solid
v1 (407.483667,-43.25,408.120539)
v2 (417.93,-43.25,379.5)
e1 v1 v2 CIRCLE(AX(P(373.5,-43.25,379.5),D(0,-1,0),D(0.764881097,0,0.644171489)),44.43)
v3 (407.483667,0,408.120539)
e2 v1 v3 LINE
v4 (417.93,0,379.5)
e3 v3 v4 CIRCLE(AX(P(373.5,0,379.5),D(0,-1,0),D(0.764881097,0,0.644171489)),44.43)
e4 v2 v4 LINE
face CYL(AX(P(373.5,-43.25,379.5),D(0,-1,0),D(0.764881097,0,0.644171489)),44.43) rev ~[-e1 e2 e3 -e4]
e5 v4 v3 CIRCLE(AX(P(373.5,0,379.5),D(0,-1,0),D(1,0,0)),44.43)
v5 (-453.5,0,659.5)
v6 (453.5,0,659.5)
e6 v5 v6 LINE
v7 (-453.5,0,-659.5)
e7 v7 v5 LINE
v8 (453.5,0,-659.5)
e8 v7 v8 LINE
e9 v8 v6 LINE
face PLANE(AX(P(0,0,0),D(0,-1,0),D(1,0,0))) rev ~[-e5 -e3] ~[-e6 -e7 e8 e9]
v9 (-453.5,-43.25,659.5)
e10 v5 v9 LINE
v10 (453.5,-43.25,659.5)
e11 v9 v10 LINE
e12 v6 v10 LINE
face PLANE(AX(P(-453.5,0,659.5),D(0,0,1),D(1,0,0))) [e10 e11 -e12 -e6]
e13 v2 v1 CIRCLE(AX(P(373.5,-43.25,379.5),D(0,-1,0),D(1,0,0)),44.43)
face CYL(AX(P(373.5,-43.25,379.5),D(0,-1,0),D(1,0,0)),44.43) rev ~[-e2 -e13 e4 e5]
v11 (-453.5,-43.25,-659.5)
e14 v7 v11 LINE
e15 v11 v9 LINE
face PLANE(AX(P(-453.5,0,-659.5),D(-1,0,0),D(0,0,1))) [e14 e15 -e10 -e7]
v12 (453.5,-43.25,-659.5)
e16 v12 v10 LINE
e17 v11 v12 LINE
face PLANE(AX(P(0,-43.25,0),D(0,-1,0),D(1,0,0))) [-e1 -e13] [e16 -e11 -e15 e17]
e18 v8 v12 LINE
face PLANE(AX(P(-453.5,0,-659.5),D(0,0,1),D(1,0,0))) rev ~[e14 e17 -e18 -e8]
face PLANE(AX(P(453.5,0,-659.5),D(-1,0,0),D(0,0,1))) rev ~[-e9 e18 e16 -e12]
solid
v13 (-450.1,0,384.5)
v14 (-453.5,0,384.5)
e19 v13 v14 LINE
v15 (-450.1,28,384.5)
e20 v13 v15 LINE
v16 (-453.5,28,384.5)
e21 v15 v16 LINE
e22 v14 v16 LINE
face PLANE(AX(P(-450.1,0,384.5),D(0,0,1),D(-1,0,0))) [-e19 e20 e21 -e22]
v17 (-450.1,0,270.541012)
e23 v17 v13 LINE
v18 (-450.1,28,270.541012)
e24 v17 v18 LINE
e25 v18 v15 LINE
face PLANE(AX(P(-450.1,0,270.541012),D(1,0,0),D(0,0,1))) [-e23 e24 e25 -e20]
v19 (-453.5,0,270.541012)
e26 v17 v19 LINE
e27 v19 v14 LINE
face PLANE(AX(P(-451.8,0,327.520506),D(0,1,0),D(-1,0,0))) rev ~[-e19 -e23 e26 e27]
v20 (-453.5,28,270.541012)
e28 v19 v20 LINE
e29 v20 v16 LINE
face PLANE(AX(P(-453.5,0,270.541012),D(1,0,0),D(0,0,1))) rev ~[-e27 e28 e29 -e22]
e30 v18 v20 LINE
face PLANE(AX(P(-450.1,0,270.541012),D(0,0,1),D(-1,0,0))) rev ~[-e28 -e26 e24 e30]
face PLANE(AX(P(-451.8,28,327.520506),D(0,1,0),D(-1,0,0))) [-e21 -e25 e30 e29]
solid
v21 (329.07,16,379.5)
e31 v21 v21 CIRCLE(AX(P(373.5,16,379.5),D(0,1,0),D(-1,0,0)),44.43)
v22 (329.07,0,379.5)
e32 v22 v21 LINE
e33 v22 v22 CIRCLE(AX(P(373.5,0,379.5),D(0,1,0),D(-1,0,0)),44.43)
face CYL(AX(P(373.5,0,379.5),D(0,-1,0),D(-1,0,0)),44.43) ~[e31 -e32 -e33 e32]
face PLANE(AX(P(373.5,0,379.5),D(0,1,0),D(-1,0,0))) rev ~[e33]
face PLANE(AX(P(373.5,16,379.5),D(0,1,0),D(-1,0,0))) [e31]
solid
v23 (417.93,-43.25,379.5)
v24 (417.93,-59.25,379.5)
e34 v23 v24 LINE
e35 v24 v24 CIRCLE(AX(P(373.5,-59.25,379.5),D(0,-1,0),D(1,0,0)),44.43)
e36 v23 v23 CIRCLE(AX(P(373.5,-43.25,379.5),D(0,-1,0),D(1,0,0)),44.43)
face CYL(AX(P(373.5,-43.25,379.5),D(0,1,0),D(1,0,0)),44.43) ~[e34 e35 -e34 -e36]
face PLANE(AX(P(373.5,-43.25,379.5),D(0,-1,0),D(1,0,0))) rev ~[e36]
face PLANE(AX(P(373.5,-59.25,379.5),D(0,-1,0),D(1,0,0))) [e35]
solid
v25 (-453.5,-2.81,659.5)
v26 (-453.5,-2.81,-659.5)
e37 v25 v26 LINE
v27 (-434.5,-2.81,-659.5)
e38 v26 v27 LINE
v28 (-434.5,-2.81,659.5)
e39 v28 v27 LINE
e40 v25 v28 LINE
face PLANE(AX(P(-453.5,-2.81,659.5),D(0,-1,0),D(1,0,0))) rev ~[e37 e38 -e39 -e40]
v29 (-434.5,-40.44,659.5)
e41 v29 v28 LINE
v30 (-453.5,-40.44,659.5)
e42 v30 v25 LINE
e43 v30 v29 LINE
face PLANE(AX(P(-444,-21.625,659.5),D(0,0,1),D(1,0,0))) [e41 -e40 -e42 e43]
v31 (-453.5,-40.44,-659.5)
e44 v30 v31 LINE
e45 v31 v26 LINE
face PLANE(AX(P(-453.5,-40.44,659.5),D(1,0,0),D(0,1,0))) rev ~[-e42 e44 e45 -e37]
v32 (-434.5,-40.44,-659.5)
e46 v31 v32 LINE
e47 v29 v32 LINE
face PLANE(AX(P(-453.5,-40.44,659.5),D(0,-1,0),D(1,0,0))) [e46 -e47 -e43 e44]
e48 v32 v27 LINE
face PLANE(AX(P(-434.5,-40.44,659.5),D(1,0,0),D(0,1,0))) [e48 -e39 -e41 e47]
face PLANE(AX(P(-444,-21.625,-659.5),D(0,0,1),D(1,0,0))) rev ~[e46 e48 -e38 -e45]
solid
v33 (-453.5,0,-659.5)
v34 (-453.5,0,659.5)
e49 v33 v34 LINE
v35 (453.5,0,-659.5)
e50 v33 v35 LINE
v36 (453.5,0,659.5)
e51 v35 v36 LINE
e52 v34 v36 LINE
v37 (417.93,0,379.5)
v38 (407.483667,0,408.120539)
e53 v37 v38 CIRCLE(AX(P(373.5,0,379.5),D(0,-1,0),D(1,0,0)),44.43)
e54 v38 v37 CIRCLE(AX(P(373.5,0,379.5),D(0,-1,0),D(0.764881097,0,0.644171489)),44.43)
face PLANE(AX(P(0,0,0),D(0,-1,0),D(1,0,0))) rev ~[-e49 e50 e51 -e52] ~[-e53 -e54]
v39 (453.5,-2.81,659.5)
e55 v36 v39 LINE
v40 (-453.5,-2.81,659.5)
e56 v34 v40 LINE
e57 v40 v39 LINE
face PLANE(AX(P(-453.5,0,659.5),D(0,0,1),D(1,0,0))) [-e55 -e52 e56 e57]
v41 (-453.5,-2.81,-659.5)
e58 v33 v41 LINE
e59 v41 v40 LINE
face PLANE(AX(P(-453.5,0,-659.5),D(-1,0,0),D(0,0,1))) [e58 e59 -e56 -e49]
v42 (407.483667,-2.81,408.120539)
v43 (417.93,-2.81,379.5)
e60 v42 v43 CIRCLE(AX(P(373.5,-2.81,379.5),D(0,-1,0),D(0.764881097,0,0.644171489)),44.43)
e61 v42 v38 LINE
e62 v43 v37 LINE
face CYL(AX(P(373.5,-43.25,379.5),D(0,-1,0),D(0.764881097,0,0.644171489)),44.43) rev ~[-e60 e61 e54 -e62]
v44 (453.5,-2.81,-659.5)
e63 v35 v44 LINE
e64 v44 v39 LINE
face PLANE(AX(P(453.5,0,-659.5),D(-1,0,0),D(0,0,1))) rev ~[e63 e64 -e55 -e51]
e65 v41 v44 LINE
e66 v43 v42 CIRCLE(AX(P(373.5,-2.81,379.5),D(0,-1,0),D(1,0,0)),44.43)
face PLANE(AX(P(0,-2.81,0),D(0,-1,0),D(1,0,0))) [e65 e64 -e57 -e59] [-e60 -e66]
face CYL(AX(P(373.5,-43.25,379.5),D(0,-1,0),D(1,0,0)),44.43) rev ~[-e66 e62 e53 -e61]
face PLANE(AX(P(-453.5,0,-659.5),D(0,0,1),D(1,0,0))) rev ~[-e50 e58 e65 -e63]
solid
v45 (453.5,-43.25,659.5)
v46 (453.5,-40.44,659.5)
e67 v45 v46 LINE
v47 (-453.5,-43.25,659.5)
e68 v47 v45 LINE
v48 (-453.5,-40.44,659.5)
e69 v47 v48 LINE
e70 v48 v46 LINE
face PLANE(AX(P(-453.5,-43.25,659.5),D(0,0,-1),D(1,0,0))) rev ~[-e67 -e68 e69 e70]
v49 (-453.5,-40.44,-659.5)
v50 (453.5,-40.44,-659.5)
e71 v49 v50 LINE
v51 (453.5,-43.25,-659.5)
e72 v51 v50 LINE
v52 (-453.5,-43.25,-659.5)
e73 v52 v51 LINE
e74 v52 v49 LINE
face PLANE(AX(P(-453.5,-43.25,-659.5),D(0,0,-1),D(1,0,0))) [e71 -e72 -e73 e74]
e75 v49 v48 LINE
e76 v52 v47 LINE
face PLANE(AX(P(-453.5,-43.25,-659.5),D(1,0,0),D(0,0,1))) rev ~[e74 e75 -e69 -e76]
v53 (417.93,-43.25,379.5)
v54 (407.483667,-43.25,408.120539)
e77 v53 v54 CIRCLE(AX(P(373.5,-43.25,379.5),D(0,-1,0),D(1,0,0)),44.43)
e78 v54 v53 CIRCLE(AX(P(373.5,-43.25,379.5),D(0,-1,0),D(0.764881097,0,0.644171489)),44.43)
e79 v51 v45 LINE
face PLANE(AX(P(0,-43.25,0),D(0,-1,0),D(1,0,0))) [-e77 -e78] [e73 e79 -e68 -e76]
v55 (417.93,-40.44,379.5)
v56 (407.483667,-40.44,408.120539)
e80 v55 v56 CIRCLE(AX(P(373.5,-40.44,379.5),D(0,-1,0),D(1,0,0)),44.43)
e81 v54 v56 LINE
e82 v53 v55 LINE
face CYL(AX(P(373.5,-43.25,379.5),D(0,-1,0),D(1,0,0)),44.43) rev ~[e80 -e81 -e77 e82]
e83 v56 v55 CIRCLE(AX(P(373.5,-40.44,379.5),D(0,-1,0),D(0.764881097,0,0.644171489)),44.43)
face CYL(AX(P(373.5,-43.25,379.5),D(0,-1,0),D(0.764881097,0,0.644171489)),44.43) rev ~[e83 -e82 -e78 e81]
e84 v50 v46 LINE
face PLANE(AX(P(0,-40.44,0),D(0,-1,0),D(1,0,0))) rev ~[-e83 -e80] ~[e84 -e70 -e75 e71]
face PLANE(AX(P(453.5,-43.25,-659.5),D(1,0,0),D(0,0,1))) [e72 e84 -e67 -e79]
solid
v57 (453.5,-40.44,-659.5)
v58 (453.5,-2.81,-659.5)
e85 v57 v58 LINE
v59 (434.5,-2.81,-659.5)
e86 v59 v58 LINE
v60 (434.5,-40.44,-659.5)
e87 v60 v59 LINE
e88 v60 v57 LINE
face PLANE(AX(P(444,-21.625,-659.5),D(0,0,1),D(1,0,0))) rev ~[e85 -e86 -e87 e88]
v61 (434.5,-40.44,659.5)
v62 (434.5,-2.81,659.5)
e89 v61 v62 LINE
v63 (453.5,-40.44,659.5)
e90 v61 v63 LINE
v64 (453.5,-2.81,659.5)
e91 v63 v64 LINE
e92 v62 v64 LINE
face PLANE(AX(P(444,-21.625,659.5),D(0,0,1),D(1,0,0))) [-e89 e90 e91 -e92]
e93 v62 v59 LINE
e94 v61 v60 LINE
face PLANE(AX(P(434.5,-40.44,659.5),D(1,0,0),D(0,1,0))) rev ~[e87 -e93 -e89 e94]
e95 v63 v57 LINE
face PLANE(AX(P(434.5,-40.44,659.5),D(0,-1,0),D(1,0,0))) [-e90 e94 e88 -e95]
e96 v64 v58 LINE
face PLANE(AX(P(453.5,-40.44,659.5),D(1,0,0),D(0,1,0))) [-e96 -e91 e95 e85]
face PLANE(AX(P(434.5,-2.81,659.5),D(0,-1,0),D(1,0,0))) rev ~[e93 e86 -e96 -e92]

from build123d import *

# Parameters (mm, degrees)
F0_W      = 907
F0_H      = 1319
F1_DEPTH  = 43.25
F2_DEPTH  = 2.81
F3_DEPTH  = 2.81
F5_DEPTH  = 43.251
F6_W      = 3.4
F6_H      = 113.9589877129
F7_DEPTH  = 28
F8_R      = 44.43
F9_DEPTH  = 16
F10_R     = 44.43
F11_DEPTH = 16
F12_W     = 19
F12_H     = 37.63
F13_DEPTH = 1319


with BuildPart() as f1:
    # F0 (on Front) → F1 (new body)
    with BuildSketch(Plane.XZ):
        Rectangle(F0_W, F0_H)
    extrude(amount=F1_DEPTH)


with BuildPart() as f2:
    # F2 (new): a face of the model
    f2_faces = [f1.part.faces().sort_by_distance(p)[0] for p in [
        (0, -43.25, 0),
    ]]
    extrude(f2_faces, amount=-F2_DEPTH)


with BuildPart() as f3:
    # F3 (new): a face of the model
    f3_faces = [f1.part.faces().sort_by_distance(p)[0] for p in [
        (0, 0, 0),
    ]]
    extrude(f3_faces, amount=-F3_DEPTH)


with BuildPart() as f5_tool:
    # F4 (on face) → F5 (new body, through all)
    with BuildSketch(Plane.XZ.offset(43.25)):
        with BuildLine():
            ThreePointArc((417.93, 379.5), (415.2367897113, 394.7336891327), (407.4836671352, 408.1205392689))
            Line((407.4836671352, 408.1205392689), (407.4836671352, 379.5))
            Line((407.4836671352, 379.5), (417.93, 379.5))
        make_face()
        with BuildLine():
            Line((407.4836671352, 379.5), (407.4836671352, 408.1205392689))
            ThreePointArc((407.4836671352, 408.1205392689), (331.7632102887, 364.2663108673), (417.93, 379.5))
            Line((417.93, 379.5), (407.4836671352, 379.5))
        make_face()
    extrude(amount=-F5_DEPTH)


with BuildPart() as f1_1:
    add(f1.part)

    # F5: cut by f5_tool
    add(f5_tool.part, mode=Mode.SUBTRACT)


with BuildPart() as f2_1:
    add(f2.part)

    # F5: cut by f5_tool
    add(f5_tool.part, mode=Mode.SUBTRACT)


with BuildPart() as f3_1:
    add(f3.part)

    # F5: cut by f5_tool
    add(f5_tool.part, mode=Mode.SUBTRACT)


with BuildPart() as f7:
    # F6 (on face) → F7 (new body)
    with BuildSketch(Plane(origin=(0, 0, 0), x_dir=(-1, 0, 0), z_dir=(0, 1, 0))):
        with Locations((451.8, 327.5205061436)):
            Rectangle(F6_W, F6_H)
    extrude(amount=F7_DEPTH)


with BuildPart() as f9:
    # F8 (on face) → F9 (new body)
    with BuildSketch(Plane.XZ.offset(43.25)):
        with Locations((373.5, 379.5)):
            Circle(F8_R)
    extrude(amount=F9_DEPTH)


with BuildPart() as f11:
    # F10 (on face) → F11 (new body)
    with BuildSketch(Plane(origin=(0, 0, 0), x_dir=(-1, 0, 0), z_dir=(0, 1, 0))):
        with Locations((-373.5, 379.5)):
            Circle(F10_R)
    extrude(amount=F11_DEPTH)


with BuildPart() as f13:
    # F12 (on face) → F13 (new body, through all)
    with BuildSketch(Plane.XY.offset(659.5)):
        with Locations((-444, -21.625)):
            Rectangle(F12_W, F12_H)
    extrude(amount=-F13_DEPTH)


with BuildPart() as f13b:
    # F12 (on face) → F13, piece 2 (new body, through all)
    with BuildSketch(Plane.XY.offset(659.5)):
        with Locations((444, -21.625)):
            Rectangle(F12_W, F12_H)
    extrude(amount=-F13_DEPTH)


solid = Compound([f1_1.part, f2_1.part, f3_1.part, f7.part, f9.part, f11.part, f13.part, f13b.part])
